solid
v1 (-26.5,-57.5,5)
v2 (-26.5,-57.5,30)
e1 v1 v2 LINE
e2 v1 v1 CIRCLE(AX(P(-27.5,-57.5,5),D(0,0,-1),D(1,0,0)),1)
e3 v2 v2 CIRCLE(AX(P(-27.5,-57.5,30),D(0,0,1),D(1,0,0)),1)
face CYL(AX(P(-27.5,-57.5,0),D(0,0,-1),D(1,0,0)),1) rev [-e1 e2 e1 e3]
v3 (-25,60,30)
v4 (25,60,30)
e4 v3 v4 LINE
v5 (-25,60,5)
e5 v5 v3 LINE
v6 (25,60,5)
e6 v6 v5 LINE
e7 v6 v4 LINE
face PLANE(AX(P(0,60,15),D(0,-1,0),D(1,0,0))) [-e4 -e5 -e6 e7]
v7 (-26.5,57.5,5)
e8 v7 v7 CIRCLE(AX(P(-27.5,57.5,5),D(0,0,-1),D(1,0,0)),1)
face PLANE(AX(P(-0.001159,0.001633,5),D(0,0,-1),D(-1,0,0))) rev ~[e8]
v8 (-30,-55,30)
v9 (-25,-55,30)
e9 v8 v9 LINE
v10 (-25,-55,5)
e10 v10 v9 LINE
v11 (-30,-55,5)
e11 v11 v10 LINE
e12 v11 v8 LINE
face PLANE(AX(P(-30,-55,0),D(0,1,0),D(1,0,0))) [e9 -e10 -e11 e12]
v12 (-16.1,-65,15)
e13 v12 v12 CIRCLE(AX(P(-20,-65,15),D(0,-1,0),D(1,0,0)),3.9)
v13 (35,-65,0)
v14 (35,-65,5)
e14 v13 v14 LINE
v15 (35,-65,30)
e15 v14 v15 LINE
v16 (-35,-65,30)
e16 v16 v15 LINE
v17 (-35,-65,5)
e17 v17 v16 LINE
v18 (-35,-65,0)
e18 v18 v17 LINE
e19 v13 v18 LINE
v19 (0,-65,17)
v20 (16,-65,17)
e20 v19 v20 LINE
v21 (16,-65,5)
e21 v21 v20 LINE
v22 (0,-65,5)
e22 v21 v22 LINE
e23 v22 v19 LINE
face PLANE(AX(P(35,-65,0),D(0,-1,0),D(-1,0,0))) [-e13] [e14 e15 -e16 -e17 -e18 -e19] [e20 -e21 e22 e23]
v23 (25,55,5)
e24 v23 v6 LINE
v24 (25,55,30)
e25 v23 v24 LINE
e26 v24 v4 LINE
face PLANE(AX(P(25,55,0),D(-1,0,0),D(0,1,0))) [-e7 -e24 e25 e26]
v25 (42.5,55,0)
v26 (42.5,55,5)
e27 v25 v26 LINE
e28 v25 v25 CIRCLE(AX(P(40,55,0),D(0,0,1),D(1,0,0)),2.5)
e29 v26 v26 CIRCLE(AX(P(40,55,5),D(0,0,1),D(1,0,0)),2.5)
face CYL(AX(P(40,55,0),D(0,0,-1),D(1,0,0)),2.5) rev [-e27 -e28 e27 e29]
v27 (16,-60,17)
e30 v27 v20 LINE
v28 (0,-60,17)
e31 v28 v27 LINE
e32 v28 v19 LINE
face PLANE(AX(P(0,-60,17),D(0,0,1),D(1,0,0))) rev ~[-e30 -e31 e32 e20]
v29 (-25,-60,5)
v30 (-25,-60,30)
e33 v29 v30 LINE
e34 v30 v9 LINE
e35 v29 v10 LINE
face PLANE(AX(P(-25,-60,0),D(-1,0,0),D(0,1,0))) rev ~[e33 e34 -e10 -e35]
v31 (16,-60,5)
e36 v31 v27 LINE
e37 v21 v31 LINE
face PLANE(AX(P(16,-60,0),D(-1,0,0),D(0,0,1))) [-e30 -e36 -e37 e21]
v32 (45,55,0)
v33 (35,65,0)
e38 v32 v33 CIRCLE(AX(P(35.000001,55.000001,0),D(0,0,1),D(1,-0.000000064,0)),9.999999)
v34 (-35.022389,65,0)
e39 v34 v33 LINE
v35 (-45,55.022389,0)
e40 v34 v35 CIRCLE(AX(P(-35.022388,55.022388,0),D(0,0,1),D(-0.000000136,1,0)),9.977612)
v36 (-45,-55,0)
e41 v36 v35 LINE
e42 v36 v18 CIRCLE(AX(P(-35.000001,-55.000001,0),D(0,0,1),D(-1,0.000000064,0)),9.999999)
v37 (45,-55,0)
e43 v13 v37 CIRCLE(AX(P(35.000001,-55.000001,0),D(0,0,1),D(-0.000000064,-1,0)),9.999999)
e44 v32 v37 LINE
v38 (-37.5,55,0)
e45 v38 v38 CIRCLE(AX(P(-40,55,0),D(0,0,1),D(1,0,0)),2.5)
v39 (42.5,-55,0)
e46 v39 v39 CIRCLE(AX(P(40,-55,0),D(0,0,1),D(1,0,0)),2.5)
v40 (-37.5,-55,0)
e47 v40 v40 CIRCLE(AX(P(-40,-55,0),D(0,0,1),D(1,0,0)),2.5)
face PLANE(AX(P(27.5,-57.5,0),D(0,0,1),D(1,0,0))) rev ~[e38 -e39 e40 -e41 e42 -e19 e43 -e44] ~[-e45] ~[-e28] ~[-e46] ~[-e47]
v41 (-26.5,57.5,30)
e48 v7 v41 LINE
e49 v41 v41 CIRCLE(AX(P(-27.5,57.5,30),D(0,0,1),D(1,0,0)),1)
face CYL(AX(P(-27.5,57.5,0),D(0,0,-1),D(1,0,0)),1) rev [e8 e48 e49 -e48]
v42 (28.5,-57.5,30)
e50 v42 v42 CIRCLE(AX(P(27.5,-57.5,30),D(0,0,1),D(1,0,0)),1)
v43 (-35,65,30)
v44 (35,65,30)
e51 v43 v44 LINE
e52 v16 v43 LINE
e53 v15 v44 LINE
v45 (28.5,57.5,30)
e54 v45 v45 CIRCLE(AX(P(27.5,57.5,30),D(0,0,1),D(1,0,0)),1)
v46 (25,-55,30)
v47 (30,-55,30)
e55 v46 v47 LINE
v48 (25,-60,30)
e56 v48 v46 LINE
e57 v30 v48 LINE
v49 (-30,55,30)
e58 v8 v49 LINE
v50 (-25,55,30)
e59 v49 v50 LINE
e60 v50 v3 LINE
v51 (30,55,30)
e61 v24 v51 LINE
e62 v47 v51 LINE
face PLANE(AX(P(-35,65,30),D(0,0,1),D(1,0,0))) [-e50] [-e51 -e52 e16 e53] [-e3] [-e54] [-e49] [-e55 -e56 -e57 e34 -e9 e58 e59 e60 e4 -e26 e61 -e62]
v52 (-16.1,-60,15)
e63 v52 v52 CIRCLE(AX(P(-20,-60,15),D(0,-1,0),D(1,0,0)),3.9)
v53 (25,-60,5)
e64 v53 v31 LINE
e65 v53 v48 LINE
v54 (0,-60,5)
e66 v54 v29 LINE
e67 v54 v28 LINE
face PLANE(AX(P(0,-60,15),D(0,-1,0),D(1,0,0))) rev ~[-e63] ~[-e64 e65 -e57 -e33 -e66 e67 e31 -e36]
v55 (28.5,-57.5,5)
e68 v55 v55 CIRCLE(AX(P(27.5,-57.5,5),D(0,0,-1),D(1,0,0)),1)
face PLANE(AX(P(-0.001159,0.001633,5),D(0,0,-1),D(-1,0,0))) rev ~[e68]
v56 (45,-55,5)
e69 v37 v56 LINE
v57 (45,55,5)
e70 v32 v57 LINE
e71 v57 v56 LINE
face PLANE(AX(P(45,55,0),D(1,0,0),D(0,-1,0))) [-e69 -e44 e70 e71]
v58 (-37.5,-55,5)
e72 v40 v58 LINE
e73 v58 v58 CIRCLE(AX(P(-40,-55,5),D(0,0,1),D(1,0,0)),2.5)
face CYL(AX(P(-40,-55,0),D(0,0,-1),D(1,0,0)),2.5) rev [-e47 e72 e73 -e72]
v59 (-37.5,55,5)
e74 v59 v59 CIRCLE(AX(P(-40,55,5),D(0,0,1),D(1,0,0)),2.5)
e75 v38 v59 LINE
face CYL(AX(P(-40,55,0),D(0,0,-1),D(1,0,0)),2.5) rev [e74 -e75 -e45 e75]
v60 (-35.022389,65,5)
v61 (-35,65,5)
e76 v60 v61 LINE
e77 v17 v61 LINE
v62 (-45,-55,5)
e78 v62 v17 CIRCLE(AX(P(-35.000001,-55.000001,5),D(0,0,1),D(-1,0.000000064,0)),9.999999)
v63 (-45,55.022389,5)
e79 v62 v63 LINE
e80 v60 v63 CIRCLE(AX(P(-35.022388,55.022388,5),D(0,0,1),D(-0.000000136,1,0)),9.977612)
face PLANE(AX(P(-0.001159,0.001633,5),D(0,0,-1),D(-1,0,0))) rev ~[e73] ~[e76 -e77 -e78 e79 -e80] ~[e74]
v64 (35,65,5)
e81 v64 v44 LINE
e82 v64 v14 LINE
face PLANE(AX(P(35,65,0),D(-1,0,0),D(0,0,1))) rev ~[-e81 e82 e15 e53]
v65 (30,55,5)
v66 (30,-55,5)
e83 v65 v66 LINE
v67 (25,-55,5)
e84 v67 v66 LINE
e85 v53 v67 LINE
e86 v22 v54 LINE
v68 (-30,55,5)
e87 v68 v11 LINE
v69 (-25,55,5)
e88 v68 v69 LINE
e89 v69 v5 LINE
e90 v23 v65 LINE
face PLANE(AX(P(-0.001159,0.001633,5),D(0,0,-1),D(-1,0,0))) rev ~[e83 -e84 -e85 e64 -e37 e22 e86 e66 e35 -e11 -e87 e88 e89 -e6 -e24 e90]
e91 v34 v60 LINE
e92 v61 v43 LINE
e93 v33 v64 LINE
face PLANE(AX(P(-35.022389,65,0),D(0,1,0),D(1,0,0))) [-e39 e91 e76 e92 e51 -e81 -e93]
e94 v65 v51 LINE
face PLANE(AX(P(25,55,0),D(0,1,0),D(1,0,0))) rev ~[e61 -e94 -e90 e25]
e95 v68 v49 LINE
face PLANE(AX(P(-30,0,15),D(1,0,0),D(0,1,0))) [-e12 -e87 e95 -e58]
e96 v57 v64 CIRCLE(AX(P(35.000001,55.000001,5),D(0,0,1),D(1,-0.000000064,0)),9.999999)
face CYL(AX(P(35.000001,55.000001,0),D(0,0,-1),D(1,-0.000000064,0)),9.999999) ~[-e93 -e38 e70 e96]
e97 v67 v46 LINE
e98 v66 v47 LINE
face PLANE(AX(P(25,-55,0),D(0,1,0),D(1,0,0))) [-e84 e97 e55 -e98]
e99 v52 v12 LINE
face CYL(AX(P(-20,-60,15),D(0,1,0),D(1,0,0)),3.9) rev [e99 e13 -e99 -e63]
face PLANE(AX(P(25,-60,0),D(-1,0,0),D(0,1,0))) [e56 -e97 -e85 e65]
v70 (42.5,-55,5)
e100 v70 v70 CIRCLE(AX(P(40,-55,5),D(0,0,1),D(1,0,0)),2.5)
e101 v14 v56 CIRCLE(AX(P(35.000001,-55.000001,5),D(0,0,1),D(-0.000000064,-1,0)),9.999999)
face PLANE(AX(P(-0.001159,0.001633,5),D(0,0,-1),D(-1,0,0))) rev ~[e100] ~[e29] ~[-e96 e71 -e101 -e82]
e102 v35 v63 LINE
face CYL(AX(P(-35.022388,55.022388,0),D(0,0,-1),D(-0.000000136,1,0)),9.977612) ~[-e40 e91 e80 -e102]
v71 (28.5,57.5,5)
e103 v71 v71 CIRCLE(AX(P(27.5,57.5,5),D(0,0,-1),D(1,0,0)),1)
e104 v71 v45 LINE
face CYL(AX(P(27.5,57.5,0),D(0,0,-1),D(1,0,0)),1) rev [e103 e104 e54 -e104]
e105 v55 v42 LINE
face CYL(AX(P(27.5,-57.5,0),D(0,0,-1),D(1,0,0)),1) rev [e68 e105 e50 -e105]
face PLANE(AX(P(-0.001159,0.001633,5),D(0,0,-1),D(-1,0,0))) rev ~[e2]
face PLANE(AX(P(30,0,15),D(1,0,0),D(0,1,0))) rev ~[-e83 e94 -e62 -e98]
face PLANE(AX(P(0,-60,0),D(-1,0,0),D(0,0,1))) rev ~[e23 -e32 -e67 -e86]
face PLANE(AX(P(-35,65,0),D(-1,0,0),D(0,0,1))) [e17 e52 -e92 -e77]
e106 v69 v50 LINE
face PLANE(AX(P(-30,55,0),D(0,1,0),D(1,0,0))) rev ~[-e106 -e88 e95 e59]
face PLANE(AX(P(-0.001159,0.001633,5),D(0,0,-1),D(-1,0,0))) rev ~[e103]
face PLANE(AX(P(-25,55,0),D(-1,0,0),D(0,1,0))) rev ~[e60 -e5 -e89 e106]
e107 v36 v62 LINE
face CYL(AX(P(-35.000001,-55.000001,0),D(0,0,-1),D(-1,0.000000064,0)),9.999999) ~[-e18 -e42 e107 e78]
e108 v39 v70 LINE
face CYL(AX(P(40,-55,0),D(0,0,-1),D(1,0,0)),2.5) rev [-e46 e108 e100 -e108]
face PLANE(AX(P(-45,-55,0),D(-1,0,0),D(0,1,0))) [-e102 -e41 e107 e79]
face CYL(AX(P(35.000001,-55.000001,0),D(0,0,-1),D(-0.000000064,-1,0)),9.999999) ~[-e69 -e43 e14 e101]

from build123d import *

# Parameters (mm, degrees)
SKETCH001_W   = 70
SKETCH001_H   = 30
SKETCH001_R   = 3.9
SKETCH001_W_2 = 16
SKETCH001_H_2 = 17
PAD001_DEPTH  = 5
SKETCH002_W   = 70
SKETCH002_H   = 30
PAD002_DEPTH  = 5
SKETCH003_W   = 120
SKETCH003_H   = 30
PAD003_DEPTH  = 5
SKETCH004_W   = 120
SKETCH004_H   = 30
PAD004_DEPTH  = 5
SKETCH005_W   = 5
SKETCH005_H   = 5
SKETCH005_R   = 1
PAD005_DEPTH  = 30
SKETCH007_W   = 5
SKETCH007_H   = 5
SKETCH007_R   = 1
PAD006_DEPTH  = 30
SKETCH008_W   = 5
SKETCH008_H   = 5
SKETCH008_R   = 1
PAD007_DEPTH  = 30
SKETCH009_W   = 5
SKETCH009_H   = 5
SKETCH009_R   = 1
PAD008_DEPTH  = 30
SKETCH_R      = 2.5
PAD_DEPTH     = 5


with BuildPart() as body001:
    # Sketch001 → Pad001 (new body)
    with BuildSketch(Plane.XZ):
        with Locations((0, 15)):
            Rectangle(SKETCH001_W, SKETCH001_H)
        with Locations((-20, 15)):
            Circle(SKETCH001_R, mode=Mode.SUBTRACT)
        with Locations((8, 8.5)):
            Rectangle(SKETCH001_W_2, SKETCH001_H_2, mode=Mode.SUBTRACT)
    extrude(amount=PAD001_DEPTH)


with BuildPart() as body001_1:
    # Body001 placement: moved
    add(body001.part.moved(Location((0, -60, 0))))


with BuildPart() as body002:
    # Sketch002 → Pad002 (new body)
    with BuildSketch(Plane.XZ):
        with Locations((-105, 15)):
            Rectangle(SKETCH002_W, SKETCH002_H)
    extrude(amount=PAD002_DEPTH)


with BuildPart() as body002_1:
    # Body002 placement: moved
    add(body002.part.moved(Location((105, 65, 0))))


with BuildPart() as body003:
    # Sketch003 → Pad003 (new body)
    with BuildSketch(Plane.YZ):
        with Locations((0, 15)):
            Rectangle(SKETCH003_W, SKETCH003_H)
    extrude(amount=PAD003_DEPTH)


with BuildPart() as body003_1:
    # Body003 placement: moved
    add(body003.part.moved(Location((30, 0, 0))))


with BuildPart() as body004:
    # Sketch004 → Pad004 (new body)
    with BuildSketch(Plane.YZ):
        with Locations((0, 15)):
            Rectangle(SKETCH004_W, SKETCH004_H)
    extrude(amount=PAD004_DEPTH)


with BuildPart() as body004_1:
    # Body004 placement: moved
    add(body004.part.moved(Location((-35, 0, 0))))


with BuildPart() as hole_in_the_right_frame:
    # Sketch005 → Pad005 (new body)
    with BuildSketch(Plane.XY):
        with Locations((27.5, 42.5)):
            Rectangle(SKETCH005_W, SKETCH005_H)
        with Locations((27.5, 42.5)):
            Circle(SKETCH005_R, mode=Mode.SUBTRACT)
    extrude(amount=PAD005_DEPTH)


with BuildPart() as hole_in_the_right_frame_1:
    # Body005 placement: moved
    add(hole_in_the_right_frame.part.moved(Location((0, 15, 0))))


with BuildPart() as hole_in_the_left_frame:
    # Sketch007 → Pad006 (new body)
    with BuildSketch(Plane.XY):
        with Locations((-27.5, 42.5)):
            Rectangle(SKETCH007_W, SKETCH007_H)
        with Locations((-27.5, 42.5)):
            Circle(SKETCH007_R, mode=Mode.SUBTRACT)
    extrude(amount=PAD006_DEPTH)


with BuildPart() as hole_in_the_left_frame_1:
    # Body006 placement: moved
    add(hole_in_the_left_frame.part.moved(Location((0, 15, 0))))


with BuildPart() as hole_in_the_left_frame1:
    # Sketch008 → Pad007 (new body)
    with BuildSketch(Plane.XY):
        with Locations((-27.5, -42.5)):
            Rectangle(SKETCH008_W, SKETCH008_H)
        with Locations((-27.5, -42.5)):
            Circle(SKETCH008_R, mode=Mode.SUBTRACT)
    extrude(amount=PAD007_DEPTH)


with BuildPart() as hole_in_the_left_frame1_1:
    # Body007 placement: moved
    add(hole_in_the_left_frame1.part.moved(Location((0, -15, 0))))


with BuildPart() as body008:
    # Sketch009 → Pad008 (new body)
    with BuildSketch(Plane.XY):
        with Locations((27.5, -42.5)):
            Rectangle(SKETCH009_W, SKETCH009_H)
        with Locations((27.5, -42.5)):
            Circle(SKETCH009_R, mode=Mode.SUBTRACT)
    extrude(amount=PAD008_DEPTH)


with BuildPart() as body008_1:
    # Body008 placement: moved
    add(body008.part.moved(Location((0, -15, 0))))


with BuildPart() as fusion:
    # Sketch → Pad (new body)
    with BuildSketch(Plane.XY):
        with BuildLine():
            Line((-35.022389, 65), (35, 65))
            ThreePointArc((45, 55), (42.071068, 62.071068), (35, 65))
            Line((45, 55), (45, -55))
            ThreePointArc((35, -65), (42.071068, -62.071068), (45, -55))
            Line((35, -65), (-35, -65))
            ThreePointArc((-45, -55), (-42.071068, -62.071068), (-35, -65))
            Line((-45, -55), (-45, 55.022389))
            ThreePointArc((-35.022389, 65), (-42.077625, 62.077625), (-45, 55.022389))
        make_face()
        with Locations((40, -55)):
            Circle(SKETCH_R, mode=Mode.SUBTRACT)
        with Locations((40, 55)):
            Circle(SKETCH_R, mode=Mode.SUBTRACT)
        with Locations((-40, -55)):
            Circle(SKETCH_R, mode=Mode.SUBTRACT)
        with Locations((-40, 55)):
            Circle(SKETCH_R, mode=Mode.SUBTRACT)
    extrude(amount=PAD_DEPTH)

    # Fusion: union Body001, Body002, Body003, Body004, Hole in the right frame, Hole in the left frame, Hole in the left frame1, Body008
    add(body001_1.part)
    add(body002_1.part)
    add(body003_1.part)
    add(body004_1.part)
    add(hole_in_the_right_frame_1.part)
    add(hole_in_the_left_frame_1.part)
    add(hole_in_the_left_frame1_1.part)
    add(body008_1.part)


solid = fusion.part
